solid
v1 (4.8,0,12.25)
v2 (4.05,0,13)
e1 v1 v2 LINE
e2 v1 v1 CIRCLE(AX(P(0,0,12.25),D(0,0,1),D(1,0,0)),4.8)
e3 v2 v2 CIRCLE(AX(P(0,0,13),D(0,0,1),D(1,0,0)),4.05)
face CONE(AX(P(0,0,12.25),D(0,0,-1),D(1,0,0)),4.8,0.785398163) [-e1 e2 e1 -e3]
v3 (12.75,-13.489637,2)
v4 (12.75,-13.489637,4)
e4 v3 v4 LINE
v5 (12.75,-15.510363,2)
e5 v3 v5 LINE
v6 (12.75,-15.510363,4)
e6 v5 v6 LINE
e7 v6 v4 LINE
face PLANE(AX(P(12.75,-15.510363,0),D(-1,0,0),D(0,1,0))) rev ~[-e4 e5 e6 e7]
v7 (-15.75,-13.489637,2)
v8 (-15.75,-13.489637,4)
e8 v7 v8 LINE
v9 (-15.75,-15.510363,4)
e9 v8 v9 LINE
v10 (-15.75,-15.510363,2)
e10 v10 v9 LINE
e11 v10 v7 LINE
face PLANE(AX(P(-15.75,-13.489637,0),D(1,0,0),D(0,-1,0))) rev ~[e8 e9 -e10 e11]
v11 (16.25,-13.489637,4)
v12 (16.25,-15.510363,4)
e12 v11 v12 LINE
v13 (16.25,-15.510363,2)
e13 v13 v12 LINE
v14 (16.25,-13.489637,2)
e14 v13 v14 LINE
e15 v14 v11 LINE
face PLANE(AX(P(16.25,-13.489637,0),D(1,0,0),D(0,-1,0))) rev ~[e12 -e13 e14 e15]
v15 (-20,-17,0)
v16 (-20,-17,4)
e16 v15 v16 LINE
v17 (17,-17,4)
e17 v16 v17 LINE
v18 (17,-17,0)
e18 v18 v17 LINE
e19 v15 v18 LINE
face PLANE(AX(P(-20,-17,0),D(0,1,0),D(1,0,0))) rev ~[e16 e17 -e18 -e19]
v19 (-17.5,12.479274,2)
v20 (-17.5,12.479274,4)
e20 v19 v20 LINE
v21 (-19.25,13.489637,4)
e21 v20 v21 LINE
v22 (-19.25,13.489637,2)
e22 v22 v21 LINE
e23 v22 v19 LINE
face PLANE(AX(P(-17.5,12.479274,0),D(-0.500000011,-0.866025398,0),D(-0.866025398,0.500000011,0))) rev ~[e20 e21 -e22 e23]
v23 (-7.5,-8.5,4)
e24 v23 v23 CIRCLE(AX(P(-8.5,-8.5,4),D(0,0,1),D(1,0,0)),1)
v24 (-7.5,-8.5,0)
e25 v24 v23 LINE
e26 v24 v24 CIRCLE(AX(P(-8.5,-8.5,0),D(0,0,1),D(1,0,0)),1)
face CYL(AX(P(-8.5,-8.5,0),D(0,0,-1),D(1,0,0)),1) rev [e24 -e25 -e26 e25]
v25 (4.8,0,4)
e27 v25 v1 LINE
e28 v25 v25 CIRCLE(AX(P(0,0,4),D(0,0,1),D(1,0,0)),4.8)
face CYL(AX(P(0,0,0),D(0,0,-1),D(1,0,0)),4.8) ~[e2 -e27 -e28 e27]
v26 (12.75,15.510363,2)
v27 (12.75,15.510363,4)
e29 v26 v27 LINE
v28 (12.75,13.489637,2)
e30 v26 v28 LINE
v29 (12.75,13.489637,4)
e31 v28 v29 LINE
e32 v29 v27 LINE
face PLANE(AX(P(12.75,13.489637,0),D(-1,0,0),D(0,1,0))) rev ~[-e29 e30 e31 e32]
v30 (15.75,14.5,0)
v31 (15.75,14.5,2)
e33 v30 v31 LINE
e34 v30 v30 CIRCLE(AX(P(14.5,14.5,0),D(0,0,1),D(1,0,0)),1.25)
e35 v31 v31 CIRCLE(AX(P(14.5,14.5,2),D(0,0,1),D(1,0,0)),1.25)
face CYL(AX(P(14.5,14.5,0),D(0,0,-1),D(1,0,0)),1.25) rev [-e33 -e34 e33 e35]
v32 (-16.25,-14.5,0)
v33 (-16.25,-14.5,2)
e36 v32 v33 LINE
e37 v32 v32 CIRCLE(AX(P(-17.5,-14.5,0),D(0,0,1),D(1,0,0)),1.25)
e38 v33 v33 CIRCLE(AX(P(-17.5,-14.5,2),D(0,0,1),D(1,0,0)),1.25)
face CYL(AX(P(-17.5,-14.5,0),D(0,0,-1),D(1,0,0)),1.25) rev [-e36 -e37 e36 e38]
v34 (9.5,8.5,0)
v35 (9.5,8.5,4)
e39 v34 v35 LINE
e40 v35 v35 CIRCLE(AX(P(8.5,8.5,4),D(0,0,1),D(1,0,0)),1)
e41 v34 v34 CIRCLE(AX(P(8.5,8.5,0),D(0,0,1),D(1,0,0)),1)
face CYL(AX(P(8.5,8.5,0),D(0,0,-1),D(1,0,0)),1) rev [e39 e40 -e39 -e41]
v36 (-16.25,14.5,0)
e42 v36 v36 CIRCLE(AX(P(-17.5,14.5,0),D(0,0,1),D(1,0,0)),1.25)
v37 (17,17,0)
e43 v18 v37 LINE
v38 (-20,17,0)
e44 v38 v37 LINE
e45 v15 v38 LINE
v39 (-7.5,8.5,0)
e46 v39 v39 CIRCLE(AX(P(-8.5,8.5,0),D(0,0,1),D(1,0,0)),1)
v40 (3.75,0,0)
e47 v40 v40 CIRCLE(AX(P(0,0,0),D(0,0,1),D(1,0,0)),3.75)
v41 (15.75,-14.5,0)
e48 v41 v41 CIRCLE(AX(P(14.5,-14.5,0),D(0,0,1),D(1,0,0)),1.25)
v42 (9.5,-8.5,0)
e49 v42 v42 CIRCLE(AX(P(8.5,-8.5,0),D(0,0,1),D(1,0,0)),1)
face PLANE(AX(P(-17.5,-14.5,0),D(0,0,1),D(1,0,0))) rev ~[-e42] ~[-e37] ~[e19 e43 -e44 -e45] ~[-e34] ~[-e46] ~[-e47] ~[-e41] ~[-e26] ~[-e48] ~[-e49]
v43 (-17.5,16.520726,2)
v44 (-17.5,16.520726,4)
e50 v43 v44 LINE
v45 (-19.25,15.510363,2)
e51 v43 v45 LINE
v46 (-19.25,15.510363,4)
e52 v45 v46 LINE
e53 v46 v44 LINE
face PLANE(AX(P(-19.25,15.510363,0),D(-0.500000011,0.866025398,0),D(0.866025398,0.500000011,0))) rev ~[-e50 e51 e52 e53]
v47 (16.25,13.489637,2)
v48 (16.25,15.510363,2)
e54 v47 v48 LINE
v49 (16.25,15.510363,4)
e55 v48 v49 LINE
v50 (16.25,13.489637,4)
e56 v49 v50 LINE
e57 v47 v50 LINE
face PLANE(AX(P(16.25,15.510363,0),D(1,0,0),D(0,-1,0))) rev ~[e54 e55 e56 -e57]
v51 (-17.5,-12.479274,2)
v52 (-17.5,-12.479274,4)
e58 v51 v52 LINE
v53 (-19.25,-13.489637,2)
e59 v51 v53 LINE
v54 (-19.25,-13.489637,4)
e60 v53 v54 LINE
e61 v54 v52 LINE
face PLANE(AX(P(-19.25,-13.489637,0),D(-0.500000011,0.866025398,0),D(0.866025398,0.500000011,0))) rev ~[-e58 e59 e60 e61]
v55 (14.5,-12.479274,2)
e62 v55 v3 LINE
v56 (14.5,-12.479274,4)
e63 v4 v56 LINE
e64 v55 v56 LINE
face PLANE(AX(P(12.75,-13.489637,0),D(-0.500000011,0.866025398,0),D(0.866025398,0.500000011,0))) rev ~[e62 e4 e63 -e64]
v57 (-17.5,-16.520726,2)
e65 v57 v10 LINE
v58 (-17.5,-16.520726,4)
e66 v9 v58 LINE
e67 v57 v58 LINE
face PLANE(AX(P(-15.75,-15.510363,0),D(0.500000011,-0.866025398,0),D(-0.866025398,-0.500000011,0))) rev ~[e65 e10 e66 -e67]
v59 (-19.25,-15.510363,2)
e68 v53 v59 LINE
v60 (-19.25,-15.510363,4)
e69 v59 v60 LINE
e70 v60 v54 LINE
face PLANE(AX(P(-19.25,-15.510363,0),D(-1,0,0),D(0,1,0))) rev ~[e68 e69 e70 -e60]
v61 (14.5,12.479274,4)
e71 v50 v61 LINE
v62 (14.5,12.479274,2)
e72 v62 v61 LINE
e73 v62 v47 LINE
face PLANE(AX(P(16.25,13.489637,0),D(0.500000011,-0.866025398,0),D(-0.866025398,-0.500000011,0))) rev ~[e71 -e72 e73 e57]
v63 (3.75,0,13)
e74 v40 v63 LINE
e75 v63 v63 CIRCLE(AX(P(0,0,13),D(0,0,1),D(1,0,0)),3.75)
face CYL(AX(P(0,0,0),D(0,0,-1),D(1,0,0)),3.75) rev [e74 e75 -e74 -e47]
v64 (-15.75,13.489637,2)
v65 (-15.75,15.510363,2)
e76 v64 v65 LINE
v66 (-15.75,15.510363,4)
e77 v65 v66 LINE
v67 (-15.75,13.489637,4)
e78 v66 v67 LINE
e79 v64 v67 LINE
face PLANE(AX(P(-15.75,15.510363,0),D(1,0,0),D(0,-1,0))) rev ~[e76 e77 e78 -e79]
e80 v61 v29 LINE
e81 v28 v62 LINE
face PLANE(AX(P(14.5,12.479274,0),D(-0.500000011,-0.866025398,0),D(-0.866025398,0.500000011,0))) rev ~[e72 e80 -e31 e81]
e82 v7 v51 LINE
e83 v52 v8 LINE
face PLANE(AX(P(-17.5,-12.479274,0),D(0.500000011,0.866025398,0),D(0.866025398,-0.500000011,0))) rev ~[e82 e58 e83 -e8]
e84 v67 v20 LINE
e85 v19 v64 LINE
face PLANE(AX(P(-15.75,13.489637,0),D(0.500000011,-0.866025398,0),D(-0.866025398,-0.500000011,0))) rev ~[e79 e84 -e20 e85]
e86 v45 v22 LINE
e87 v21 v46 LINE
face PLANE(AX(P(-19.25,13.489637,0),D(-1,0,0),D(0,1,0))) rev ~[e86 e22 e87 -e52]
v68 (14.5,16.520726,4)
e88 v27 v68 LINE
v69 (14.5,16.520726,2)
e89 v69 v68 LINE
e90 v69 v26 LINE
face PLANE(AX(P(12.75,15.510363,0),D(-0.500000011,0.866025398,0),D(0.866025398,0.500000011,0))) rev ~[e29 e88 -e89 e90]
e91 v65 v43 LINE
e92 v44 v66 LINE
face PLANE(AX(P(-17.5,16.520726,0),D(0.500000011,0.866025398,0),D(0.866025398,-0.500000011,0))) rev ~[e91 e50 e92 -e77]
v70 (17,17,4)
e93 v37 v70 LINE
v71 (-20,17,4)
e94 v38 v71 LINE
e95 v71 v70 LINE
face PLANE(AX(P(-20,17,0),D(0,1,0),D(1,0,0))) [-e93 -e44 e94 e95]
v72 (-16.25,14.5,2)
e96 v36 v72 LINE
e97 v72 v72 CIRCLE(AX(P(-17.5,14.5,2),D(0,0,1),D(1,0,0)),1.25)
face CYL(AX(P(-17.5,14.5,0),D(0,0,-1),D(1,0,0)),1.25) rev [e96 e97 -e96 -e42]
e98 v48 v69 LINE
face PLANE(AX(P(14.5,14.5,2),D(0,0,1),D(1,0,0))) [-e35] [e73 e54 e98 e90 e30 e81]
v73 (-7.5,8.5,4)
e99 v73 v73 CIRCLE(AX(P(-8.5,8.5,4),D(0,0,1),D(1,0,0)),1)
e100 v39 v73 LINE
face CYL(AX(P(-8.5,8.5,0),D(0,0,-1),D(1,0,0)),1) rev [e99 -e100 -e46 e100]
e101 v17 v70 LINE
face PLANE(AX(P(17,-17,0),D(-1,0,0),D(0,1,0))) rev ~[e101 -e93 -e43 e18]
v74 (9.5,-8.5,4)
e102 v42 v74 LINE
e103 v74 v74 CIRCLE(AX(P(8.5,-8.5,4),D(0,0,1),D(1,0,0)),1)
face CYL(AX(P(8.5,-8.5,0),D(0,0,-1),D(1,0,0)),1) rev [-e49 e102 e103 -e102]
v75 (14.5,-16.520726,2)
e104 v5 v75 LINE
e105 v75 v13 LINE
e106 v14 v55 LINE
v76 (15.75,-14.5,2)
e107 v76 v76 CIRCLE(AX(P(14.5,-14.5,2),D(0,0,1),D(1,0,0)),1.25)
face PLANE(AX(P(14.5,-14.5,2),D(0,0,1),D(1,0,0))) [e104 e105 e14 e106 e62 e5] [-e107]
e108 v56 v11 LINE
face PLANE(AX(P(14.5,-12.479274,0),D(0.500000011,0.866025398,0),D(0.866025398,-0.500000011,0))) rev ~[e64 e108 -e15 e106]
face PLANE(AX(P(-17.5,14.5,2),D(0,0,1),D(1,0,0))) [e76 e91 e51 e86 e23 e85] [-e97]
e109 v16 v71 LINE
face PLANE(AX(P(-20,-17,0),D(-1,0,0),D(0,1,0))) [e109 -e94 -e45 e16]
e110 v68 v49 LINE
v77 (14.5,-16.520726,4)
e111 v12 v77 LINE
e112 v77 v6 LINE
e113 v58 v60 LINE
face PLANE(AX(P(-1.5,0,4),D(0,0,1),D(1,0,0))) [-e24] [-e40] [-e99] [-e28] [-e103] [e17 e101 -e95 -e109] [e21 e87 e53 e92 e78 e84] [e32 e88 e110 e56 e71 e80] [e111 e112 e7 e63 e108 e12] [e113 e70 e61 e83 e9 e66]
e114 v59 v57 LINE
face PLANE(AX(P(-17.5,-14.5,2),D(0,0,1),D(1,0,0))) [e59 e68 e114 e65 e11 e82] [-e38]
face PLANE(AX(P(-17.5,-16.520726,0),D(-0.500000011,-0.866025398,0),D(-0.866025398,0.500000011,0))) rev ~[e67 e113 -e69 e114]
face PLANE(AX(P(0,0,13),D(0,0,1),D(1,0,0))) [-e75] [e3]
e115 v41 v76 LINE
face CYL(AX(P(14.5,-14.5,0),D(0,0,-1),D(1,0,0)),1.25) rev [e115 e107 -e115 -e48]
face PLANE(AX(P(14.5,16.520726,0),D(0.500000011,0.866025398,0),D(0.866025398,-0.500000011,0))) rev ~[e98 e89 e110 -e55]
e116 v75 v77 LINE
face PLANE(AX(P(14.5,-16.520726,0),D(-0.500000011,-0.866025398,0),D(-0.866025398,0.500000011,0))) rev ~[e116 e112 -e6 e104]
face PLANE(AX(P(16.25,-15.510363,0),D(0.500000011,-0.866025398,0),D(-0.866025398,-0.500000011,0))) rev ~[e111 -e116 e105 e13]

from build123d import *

# Parameters (mm, degrees)
F0_W     = 37
F0_H     = 34
F0_R     = 1
F0_R_2   = 4.8
F1_DEPTH = 4
F0_R_3   = 3.75
F2_DEPTH = 13
F3_SIZE  = 0.75
F0_R_4   = 1.25
F4_DEPTH = 2


with BuildPart() as f1:
    # F0 (on Top) → F1 (new body)
    with BuildSketch(Plane.XY):
        with Locations((-1.5, 0)):
            Rectangle(F0_W, F0_H)
        Polygon((-19.25, -15.510363), (-19.25, -13.489637), (-17.5, -12.479274), (-15.75, -13.489637), (-15.75, -15.510363), (-17.5, -16.520726), align=None, mode=Mode.SUBTRACT)
        with Locations((-8.5, -8.5)):
            Circle(F0_R, mode=Mode.SUBTRACT)
        Polygon((14.5, -16.520726), (12.75, -15.510363), (12.75, -13.489637), (14.5, -12.479274), (16.25, -13.489637), (16.25, -15.510363), align=None, mode=Mode.SUBTRACT)
        with Locations((8.5, -8.5)):
            Circle(F0_R, mode=Mode.SUBTRACT)
        Polygon((-19.25, 15.510363), (-17.5, 16.520726), (-15.75, 15.510363), (-15.75, 13.489637), (-17.5, 12.479274), (-19.25, 13.489637), align=None, mode=Mode.SUBTRACT)
        with Locations((-8.5, 8.5)):
            Circle(F0_R, mode=Mode.SUBTRACT)
        Circle(F0_R_2, mode=Mode.SUBTRACT)
        with Locations((8.5, 8.5)):
            Circle(F0_R, mode=Mode.SUBTRACT)
        Polygon((14.5, 12.479274), (12.75, 13.489637), (12.75, 15.510363), (14.5, 16.520726), (16.25, 15.510363), (16.25, 13.489637), align=None, mode=Mode.SUBTRACT)
    extrude(amount=F1_DEPTH)

    # F0 (on Top) → F2 (join)
    with BuildSketch(Plane.XY):
        Circle(F0_R_2)
        Circle(F0_R_3, mode=Mode.SUBTRACT)
    extrude(amount=F2_DEPTH)

    # F3
    f3_edges = [f1.edges().sort_by_distance(p)[0] for p in [
        (-4.8, 0, 13),
    ]]
    chamfer(f3_edges, length=F3_SIZE)

    # F0 (on Top) → F4 (join)
    with BuildSketch(Plane.XY):
        Polygon((-17.5, -12.479274), (-19.25, -13.489637), (-19.25, -15.510363), (-17.5, -16.520726), (-15.75, -15.510363), (-15.75, -13.489637), align=None)
        with Locations((-17.5, -14.5)):
            Circle(F0_R_4, mode=Mode.SUBTRACT)
        Polygon((12.75, -13.489637), (12.75, -15.510363), (14.5, -16.520726), (16.25, -15.510363), (16.25, -13.489637), (14.5, -12.479274), align=None)
        with Locations((14.5, -14.5)):
            Circle(F0_R_4, mode=Mode.SUBTRACT)
        Polygon((12.75, 15.510363), (12.75, 13.489637), (14.5, 12.479274), (16.25, 13.489637), (16.25, 15.510363), (14.5, 16.520726), align=None)
        with Locations((14.5, 14.5)):
            Circle(F0_R_4, mode=Mode.SUBTRACT)
        Polygon((-15.75, 15.510363), (-17.5, 16.520726), (-19.25, 15.510363), (-19.25, 13.489637), (-17.5, 12.479274), (-15.75, 13.489637), align=None)
        with Locations((-17.5, 14.5)):
            Circle(F0_R_4, mode=Mode.SUBTRACT)
    extrude(amount=F4_DEPTH)


solid = f1.part
